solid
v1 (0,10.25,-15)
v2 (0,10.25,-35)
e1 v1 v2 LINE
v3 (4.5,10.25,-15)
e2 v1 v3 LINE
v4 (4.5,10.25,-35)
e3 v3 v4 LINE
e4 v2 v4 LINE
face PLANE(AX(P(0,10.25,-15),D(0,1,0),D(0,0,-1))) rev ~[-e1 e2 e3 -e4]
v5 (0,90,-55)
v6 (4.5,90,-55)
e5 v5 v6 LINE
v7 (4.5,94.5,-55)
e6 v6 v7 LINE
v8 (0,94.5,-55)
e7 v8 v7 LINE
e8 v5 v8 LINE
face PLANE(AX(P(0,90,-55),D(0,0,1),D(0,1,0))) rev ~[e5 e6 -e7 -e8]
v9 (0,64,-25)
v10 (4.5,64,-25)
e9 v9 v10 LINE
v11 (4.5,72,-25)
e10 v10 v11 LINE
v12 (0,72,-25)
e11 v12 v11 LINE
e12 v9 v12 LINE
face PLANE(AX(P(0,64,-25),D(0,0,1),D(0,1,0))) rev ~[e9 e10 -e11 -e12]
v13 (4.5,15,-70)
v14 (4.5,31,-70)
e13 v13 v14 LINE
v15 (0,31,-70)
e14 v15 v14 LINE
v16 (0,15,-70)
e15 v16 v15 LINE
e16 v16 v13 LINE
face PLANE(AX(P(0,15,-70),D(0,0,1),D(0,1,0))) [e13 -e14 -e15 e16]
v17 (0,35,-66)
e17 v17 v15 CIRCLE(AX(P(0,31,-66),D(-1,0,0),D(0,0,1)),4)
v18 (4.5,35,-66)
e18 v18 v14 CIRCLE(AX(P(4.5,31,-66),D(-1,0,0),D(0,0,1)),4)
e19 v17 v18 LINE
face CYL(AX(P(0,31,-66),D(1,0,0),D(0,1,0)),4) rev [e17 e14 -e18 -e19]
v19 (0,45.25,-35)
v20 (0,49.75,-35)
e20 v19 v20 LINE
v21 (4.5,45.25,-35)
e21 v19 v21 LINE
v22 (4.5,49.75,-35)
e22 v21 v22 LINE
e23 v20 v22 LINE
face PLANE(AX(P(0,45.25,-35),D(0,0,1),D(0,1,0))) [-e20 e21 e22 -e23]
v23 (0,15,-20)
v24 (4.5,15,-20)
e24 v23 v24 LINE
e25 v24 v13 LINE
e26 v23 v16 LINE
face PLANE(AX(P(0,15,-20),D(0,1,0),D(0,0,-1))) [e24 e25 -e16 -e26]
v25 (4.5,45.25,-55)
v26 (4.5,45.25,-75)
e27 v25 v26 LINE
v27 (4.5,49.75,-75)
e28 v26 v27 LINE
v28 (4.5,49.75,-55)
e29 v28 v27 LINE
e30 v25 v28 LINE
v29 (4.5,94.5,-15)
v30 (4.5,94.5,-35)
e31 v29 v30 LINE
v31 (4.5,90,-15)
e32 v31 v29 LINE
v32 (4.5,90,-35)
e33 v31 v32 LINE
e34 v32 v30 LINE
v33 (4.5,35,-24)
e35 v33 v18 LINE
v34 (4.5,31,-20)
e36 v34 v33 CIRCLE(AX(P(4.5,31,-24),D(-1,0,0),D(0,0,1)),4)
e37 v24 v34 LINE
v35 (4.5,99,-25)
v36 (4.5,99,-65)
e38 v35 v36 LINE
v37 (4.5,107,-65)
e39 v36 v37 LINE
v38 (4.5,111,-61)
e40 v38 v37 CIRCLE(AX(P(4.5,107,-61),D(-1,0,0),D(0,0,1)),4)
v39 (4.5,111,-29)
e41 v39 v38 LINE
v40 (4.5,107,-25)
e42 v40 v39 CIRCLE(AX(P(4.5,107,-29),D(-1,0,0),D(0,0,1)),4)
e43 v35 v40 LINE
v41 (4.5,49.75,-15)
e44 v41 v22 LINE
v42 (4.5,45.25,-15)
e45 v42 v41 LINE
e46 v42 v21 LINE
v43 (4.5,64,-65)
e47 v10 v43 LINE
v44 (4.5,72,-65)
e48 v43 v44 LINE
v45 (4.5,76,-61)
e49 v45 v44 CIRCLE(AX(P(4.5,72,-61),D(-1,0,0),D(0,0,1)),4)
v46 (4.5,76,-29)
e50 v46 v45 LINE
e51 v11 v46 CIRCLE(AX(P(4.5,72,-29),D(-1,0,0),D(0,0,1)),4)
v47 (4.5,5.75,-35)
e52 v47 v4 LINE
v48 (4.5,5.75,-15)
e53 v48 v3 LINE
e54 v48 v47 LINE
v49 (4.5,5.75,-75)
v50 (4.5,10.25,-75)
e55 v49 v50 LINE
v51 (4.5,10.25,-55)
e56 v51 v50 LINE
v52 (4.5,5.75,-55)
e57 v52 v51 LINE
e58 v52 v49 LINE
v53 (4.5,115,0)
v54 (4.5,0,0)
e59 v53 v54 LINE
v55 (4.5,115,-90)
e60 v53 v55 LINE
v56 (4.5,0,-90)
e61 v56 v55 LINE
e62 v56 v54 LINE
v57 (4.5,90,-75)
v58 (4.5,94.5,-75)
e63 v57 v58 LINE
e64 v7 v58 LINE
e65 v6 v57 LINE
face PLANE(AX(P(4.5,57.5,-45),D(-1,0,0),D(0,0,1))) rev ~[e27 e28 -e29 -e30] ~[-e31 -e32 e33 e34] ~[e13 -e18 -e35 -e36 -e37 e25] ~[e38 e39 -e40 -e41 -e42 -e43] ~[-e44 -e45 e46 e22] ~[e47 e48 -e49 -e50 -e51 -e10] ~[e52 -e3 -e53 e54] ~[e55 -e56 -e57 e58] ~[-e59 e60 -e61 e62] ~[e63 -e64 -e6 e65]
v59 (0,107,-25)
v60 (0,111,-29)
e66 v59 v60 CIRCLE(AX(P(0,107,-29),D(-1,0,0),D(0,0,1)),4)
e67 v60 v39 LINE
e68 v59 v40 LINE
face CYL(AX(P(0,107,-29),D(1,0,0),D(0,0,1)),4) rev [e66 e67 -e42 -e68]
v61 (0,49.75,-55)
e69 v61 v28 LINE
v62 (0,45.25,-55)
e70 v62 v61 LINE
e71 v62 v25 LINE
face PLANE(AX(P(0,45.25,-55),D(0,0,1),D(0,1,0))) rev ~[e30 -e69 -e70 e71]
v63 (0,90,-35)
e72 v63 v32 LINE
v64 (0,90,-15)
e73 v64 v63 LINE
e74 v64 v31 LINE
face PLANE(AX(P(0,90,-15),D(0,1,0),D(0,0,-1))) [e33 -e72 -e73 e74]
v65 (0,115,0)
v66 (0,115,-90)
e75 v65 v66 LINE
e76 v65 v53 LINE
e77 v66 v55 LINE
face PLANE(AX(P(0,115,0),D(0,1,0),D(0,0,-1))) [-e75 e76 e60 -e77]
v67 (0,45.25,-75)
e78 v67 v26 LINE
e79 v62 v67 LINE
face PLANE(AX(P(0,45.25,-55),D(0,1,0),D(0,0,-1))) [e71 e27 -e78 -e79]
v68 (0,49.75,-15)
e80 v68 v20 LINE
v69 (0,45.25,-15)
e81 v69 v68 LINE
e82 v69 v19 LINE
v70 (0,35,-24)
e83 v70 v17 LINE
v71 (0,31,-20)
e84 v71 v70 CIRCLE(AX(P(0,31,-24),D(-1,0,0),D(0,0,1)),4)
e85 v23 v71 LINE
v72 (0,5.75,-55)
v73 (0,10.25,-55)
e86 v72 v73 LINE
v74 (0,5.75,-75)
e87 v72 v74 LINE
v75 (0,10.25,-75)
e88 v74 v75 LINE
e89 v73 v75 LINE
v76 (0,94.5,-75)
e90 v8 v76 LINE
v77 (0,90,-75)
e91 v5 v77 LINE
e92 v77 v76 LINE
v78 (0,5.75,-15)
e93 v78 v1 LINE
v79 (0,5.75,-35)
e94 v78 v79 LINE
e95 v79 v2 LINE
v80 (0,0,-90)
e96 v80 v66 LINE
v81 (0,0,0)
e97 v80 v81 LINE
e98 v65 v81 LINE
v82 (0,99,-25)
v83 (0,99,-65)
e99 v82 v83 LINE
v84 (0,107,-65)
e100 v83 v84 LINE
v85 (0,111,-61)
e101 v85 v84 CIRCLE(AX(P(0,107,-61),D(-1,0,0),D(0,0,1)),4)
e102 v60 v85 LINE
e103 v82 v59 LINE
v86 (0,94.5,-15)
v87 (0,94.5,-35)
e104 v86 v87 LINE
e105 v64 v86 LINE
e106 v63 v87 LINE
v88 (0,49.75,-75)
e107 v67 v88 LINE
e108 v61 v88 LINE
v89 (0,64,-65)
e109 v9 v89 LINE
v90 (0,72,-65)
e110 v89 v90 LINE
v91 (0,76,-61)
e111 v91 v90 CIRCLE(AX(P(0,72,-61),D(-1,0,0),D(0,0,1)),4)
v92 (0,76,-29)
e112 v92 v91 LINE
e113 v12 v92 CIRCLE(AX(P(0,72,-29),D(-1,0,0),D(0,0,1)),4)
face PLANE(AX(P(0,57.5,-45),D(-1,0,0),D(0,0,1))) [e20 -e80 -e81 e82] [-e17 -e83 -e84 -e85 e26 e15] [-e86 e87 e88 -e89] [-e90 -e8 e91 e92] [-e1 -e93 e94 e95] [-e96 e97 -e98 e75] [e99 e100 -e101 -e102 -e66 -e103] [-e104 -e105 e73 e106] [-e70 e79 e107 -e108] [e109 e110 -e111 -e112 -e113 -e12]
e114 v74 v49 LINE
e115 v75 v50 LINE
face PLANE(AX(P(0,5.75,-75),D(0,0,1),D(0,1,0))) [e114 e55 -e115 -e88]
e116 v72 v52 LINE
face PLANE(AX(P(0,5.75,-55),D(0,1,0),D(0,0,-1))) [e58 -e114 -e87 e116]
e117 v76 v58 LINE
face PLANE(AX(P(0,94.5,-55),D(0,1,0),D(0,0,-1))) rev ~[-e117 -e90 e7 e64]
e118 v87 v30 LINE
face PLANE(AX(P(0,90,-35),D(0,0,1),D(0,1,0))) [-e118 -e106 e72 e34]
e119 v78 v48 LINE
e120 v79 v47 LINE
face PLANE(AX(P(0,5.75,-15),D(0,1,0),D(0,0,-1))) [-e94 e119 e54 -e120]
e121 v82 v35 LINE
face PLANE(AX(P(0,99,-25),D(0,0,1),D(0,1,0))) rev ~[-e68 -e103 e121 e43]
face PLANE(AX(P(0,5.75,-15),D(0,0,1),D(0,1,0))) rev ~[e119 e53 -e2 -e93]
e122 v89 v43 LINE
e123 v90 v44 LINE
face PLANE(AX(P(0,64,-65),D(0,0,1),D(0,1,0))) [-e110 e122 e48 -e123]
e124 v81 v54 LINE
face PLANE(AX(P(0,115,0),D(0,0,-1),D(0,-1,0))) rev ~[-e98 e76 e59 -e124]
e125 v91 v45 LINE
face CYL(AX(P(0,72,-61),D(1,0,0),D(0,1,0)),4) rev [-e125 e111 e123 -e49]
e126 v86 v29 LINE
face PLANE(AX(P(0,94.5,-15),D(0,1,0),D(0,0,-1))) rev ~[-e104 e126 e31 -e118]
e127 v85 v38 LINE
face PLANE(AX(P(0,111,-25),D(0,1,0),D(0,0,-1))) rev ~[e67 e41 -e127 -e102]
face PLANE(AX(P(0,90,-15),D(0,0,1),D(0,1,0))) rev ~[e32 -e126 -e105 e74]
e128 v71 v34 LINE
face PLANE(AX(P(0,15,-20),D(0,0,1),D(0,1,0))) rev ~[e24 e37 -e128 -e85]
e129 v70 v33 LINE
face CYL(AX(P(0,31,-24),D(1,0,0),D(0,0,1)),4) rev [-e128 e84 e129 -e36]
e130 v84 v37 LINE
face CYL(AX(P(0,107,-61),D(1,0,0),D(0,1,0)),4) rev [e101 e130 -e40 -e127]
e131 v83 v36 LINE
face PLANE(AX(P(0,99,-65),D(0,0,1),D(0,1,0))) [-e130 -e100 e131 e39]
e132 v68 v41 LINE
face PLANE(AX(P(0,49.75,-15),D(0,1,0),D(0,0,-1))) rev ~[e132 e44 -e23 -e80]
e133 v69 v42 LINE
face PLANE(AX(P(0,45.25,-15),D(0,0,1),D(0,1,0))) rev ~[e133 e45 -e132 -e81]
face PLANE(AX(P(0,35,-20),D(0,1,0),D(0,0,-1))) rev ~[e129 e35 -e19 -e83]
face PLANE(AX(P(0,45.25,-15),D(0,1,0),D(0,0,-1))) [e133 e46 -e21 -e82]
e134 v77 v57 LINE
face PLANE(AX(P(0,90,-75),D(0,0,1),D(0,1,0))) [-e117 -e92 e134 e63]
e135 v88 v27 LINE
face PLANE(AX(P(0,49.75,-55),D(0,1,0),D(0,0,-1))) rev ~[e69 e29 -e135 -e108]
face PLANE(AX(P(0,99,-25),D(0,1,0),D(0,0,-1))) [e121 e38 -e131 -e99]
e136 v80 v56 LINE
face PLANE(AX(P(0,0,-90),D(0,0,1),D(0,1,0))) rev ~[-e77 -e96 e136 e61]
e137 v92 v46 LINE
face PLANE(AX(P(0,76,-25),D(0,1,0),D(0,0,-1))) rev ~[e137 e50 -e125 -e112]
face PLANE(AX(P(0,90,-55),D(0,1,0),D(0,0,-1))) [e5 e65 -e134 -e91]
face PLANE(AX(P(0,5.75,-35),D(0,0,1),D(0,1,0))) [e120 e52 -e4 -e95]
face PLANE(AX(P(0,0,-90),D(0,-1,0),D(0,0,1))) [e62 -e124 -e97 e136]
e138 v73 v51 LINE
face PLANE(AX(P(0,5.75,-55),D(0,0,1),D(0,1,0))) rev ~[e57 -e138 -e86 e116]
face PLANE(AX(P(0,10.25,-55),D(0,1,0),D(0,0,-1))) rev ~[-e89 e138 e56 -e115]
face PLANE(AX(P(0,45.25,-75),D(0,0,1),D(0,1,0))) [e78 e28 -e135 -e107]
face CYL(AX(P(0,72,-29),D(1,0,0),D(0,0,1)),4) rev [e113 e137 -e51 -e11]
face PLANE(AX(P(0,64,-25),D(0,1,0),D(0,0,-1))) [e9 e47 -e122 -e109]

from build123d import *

# Parameters (mm, degrees)
SKETCH1_W           = 40
SKETCH1_H           = 12
SKETCH1_W_2         = 50
SKETCH1_H_2         = 20
SKETCH1_W_3         = 20
SKETCH1_H_3         = 4.5
BOSS_EXTRUDE1_DEPTH = 4.5
FILLET1_R           = 4


with BuildPart() as part:
    # Sketch1 → Boss-Extrude1 (new body)
    with BuildSketch(Plane(origin=(0, 0, 0), x_dir=(0, 0, -1), z_dir=(1, 0, 0))):
        Polygon((0, 0), (0, 5), (0, 45), (0, 50), (0, 90), (0, 95), (0, 115), (90, 115), (90, 45), (90, 5), (90, 0), align=None)
        with Locations((45, 105)):
            Rectangle(SKETCH1_W, SKETCH1_H, mode=Mode.SUBTRACT)
        with Locations((45, 70)):
            Rectangle(SKETCH1_W, SKETCH1_H, mode=Mode.SUBTRACT)
        with Locations((45, 25)):
            Rectangle(SKETCH1_W_2, SKETCH1_H_2, mode=Mode.SUBTRACT)
        with Locations((65, 92.25)):
            Rectangle(SKETCH1_W_3, SKETCH1_H_3, mode=Mode.SUBTRACT)
        with Locations((25, 92.25)):
            Rectangle(SKETCH1_W_3, SKETCH1_H_3, mode=Mode.SUBTRACT)
        with Locations((65, 47.5)):
            Rectangle(SKETCH1_W_3, SKETCH1_H_3, mode=Mode.SUBTRACT)
        with Locations((25, 47.5)):
            Rectangle(SKETCH1_W_3, SKETCH1_H_3, mode=Mode.SUBTRACT)
        with Locations((65, 8)):
            Rectangle(SKETCH1_W_3, SKETCH1_H_3, mode=Mode.SUBTRACT)
        with Locations((25, 8)):
            Rectangle(SKETCH1_W_3, SKETCH1_H_3, mode=Mode.SUBTRACT)
    extrude(amount=BOSS_EXTRUDE1_DEPTH)

    # Fillet1
    fillet1_edges = [part.edges().sort_by_distance(p)[0] for p in [
        (2.25, 76, -65),
        (2.25, 76, -25),
        (2.25, 35, -70),
        (2.25, 35, -20),
        (2.25, 111, -65),
        (2.25, 111, -25),
    ]]
    fillet(fillet1_edges, radius=FILLET1_R)


solid = part.part
